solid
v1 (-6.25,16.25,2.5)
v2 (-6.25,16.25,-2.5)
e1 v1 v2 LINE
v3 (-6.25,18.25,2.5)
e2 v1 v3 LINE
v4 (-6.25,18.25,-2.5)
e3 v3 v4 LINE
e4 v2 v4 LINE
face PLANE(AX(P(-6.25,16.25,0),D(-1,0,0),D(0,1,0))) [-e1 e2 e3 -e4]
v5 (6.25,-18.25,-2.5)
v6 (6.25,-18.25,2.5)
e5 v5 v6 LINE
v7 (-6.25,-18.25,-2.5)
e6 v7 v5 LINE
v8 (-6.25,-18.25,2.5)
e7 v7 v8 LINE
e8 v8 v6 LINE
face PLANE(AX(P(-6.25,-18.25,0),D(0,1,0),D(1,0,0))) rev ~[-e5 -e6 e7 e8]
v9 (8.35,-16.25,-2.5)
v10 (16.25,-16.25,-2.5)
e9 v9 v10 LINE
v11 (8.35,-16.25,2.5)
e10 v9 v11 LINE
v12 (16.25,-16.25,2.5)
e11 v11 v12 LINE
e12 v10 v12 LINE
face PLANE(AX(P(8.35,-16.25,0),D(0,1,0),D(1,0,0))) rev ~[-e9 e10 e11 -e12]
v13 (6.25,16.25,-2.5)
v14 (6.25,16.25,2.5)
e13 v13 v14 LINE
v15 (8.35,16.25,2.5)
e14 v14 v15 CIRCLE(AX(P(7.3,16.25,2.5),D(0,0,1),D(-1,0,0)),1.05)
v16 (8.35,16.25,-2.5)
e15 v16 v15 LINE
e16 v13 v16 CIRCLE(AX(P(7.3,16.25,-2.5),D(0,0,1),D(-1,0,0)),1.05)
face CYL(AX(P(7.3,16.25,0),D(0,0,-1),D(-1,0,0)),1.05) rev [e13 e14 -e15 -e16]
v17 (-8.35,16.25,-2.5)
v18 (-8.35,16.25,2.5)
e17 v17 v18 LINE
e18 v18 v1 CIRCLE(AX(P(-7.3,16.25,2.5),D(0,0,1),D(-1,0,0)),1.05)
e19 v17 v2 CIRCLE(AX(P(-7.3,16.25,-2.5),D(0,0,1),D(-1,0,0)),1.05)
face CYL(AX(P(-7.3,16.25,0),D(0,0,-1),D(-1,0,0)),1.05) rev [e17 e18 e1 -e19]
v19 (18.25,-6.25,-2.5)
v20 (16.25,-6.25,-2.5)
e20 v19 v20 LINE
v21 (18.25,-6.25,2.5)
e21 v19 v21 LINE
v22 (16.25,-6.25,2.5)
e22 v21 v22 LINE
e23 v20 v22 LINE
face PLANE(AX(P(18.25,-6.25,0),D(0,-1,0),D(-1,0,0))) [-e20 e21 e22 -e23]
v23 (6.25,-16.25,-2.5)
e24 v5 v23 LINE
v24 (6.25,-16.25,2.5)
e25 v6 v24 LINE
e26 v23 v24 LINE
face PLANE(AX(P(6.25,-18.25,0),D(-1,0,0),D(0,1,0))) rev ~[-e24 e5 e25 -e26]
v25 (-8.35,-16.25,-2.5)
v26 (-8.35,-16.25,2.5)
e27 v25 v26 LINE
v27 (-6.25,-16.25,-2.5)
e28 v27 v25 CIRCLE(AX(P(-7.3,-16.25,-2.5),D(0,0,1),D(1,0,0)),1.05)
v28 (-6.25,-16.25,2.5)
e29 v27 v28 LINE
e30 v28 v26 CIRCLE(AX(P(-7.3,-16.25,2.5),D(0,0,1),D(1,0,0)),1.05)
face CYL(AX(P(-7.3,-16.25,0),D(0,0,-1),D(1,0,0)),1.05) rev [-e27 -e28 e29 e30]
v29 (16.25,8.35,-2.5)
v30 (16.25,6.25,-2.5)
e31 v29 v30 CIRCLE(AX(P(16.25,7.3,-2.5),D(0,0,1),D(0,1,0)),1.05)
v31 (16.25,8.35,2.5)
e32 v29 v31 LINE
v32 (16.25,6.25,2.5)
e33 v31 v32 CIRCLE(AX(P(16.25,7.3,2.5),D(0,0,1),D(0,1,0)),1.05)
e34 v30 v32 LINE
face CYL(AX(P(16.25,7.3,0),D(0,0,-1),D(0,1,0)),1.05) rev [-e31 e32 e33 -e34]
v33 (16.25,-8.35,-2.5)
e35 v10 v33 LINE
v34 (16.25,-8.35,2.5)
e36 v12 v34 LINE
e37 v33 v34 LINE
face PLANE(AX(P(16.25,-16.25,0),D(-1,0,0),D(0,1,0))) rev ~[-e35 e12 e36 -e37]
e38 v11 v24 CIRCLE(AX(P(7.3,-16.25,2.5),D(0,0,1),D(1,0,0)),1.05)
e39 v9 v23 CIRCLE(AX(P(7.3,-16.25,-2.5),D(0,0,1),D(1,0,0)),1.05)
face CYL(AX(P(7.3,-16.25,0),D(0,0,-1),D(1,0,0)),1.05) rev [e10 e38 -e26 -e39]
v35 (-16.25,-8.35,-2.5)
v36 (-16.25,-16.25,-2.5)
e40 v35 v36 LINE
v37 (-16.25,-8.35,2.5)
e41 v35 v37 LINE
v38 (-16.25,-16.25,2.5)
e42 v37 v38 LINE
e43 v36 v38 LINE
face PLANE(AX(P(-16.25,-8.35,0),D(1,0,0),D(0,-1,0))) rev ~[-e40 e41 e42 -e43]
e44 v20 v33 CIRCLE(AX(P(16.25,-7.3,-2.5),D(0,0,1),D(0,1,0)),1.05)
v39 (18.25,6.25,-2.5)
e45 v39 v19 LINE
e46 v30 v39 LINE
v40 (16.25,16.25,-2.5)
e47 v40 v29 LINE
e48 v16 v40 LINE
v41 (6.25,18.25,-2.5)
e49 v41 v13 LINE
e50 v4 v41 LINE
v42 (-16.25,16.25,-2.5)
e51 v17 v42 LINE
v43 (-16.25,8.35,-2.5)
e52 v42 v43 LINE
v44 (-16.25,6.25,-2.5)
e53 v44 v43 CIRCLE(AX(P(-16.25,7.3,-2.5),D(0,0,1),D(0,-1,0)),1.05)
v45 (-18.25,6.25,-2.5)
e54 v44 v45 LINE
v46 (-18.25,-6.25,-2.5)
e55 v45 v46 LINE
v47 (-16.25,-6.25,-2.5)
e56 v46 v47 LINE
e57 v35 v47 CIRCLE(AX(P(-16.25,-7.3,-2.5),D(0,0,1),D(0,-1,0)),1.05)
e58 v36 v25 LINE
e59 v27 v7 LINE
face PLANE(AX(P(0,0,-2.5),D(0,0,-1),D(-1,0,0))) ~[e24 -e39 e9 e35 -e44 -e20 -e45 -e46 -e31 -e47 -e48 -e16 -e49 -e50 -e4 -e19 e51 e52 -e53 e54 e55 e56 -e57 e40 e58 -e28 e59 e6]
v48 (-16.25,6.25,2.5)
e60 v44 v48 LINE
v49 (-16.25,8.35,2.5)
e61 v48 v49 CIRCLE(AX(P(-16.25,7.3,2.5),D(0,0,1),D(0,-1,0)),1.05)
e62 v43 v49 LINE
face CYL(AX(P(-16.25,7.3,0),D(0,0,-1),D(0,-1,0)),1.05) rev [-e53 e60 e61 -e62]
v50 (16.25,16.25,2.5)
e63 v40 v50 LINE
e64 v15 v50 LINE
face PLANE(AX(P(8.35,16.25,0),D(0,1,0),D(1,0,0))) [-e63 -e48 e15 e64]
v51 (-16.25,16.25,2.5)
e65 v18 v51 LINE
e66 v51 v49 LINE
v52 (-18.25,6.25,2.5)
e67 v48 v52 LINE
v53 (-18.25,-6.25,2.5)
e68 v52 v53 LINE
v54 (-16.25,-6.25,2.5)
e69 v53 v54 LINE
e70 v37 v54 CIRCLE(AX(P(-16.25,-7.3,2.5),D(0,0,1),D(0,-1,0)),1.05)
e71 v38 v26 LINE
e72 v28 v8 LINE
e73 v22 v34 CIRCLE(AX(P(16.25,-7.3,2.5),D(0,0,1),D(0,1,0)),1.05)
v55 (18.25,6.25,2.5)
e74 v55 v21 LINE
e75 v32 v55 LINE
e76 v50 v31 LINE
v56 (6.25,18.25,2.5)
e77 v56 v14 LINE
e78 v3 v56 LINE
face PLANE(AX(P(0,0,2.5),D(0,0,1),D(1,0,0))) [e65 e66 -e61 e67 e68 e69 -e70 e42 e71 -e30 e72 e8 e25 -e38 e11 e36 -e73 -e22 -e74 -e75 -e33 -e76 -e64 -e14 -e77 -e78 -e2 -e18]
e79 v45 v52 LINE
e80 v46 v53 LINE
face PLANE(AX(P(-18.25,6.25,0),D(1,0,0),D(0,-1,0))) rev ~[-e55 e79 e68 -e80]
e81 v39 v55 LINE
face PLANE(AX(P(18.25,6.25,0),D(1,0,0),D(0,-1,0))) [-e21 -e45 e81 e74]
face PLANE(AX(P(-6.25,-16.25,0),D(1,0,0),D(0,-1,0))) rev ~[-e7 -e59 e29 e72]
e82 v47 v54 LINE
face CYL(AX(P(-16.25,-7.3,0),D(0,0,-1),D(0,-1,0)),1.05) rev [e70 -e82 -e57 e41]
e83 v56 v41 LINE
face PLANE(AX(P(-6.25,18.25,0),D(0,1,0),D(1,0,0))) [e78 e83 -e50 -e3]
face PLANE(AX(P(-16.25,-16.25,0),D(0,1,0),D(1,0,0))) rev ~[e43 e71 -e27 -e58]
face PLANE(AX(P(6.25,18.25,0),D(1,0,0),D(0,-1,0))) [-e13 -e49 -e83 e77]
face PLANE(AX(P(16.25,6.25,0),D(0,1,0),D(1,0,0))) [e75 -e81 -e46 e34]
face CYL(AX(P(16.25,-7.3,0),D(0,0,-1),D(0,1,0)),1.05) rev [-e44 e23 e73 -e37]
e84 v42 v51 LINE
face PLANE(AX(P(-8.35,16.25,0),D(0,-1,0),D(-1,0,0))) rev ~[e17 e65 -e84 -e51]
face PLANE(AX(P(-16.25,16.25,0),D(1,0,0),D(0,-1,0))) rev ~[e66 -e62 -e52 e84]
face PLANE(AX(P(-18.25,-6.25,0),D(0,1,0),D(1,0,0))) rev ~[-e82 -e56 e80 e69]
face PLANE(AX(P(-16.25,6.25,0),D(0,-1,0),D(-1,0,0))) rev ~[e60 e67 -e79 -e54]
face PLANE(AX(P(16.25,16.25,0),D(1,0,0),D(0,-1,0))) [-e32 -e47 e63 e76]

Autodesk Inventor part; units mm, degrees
ref_plane "YZ Plane" through (0, 0, 0) normal (1, 0, 0) x (0, 1, 0)
ref_plane "XZ Plane" through (0, 0, 0) normal (0, 1, 0) x (-1, 0, 0)
ref_plane "XY Plane" through (0, 0, 0) normal (0, 0, 1) x (1, 0, 0)
sketch "スケッチ1" plane through (0, 0, 0) normal (0, 0, 1) x (1, 0, 0)
  line L0 (-16.25, -16.25) -> (16.25, -16.25) construction
  line L1 (16.25, -16.25) -> (16.25, 16.25) construction
  line L2 (16.25, 16.25) -> (-16.25, 16.25) construction
  line L3 (-16.25, 16.25) -> (-16.25, -16.25) construction
  line L4 (-16.25, -16.25) -> (16.25, 16.25) construction
  line L5 (16.25, -16.25) -> (-16.25, 16.25) construction
  line L6 (-8.35, 16.25) -> (-16.25, 16.25)
  line L7 (-16.25, 16.25) -> (-16.25, 8.35)
  line L8 (8.35, 16.25) -> (16.25, 16.25)
  line L9 (16.25, 16.25) -> (16.25, 8.35)
  line L10 (-16.25, -8.35) -> (-16.25, -16.25)
  line L11 (-16.25, -16.25) -> (-8.35, -16.25)
  line L12 (8.35, -16.25) -> (16.25, -16.25)
  line L13 (16.25, -16.25) -> (16.25, -8.35)
  line L14 (-6.25, 16.25) -> (-6.25, 18.25)
  line L15 (-6.25, 18.25) -> (6.25, 18.25)
  line L16 (6.25, 18.25) -> (6.25, 16.25)
  arc A0 (-8.35, 16.25) -> (-6.25, 16.25) centre (-7.3, 16.25) ccw
  arc A1 (6.25, 16.25) -> (8.35, 16.25) centre (7.3, 16.25) ccw
  line L17 (0, 16.25) -> (0, 0) construction
  line L18 (0, 0) -> (16.25, 0) construction
  line L19 (-16.25, 6.25) -> (-18.25, 6.25)
  line L20 (-18.25, 6.25) -> (-18.25, -6.25)
  line L21 (-18.25, -6.25) -> (-16.25, -6.25)
  arc A2 (-16.25, 6.25) -> (-16.25, 8.35) centre (-16.25, 7.3) ccw
  arc A3 (-16.25, -8.35) -> (-16.25, -6.25) centre (-16.25, -7.3) ccw
  line L22 (-6.25, -16.25) -> (-6.25, -18.25)
  line L23 (-6.25, -18.25) -> (6.25, -18.25)
  line L24 (6.25, -18.25) -> (6.25, -16.25)
  arc A4 (-6.25, -16.25) -> (-8.35, -16.25) centre (-7.3, -16.25) ccw
  arc A5 (8.35, -16.25) -> (6.25, -16.25) centre (7.3, -16.25) ccw
  line L25 (16.25, 6.25) -> (18.25, 6.25)
  line L26 (18.25, 6.25) -> (18.25, -6.25)
  line L27 (18.25, -6.25) -> (16.25, -6.25)
  arc A6 (16.25, 8.35) -> (16.25, 6.25) centre (16.25, 7.3) ccw
  arc A7 (16.25, -6.25) -> (16.25, -8.35) centre (16.25, -7.3) ccw
  line L28 (-12.8, 16.25) -> (-9.7, 16.25) construction
  line L29 (-9.7, 16.25) -> (-9.7, 13.25) construction
  line L30 (-9.7, 13.25) -> (-12.8, 13.25) construction
  line L31 (-12.8, 13.25) -> (-12.8, 16.25) construction
  line L32 (-16.25, 12.8) -> (-13.25, 12.8) construction
  line L33 (-13.25, 12.8) -> (-13.25, 9.7) construction
  line L34 (-13.25, 9.7) -> (-16.25, 9.7) construction
  line L35 (-16.25, 9.7) -> (-16.25, 12.8) construction
  line L36 (-10.1287, 12.25) -> (10.1287, 12.25)
  line L37 (10.1287, 12.25) -> (0, 2.1213)
  line L38 (0, 2.1213) -> (-10.1287, 12.25)
  line L39 (-12.25, 10.1287) -> (-12.25, -10.1287)
  line L40 (-12.25, -10.1287) -> (-2.1213, 0)
  line L41 (-2.1213, 0) -> (-12.25, 10.1287)
  line L42 (-10.1287, -12.25) -> (10.1287, -12.25)
  line L43 (10.1287, -12.25) -> (0, -2.1213)
  line L44 (0, -2.1213) -> (-10.1287, -12.25)
  line L45 (12.25, 10.1287) -> (12.25, -10.1287)
  line L46 (12.25, -10.1287) -> (2.1213, 0)
  line L47 (2.1213, 0) -> (12.25, 10.1287)
  line L48 (-11.25, 16.25) -> (-11.25, 13.25) construction
  line L49 (-13.25, 11.25) -> (-16.25, 11.25) construction
  dimension "d0" = 32.5
  dimension "d1" = 1.05
  dimension "d2" = 2
  dimension "d3" = 10
  dimension "d4" = 3.1
  dimension "d6" = 3
  dimension "d8" = 3
  dimension "d9" = 3
  dimension "d10" = 3
  dimension "d11" = 3
  dimension "d12" = 3
  dimension "d13" = 4
  dimension "d17" = 5
  dimension "d18" = 5
extrude "押し出し1" add sketch "スケッチ1" along normal blind 2.5 contours A0 L14 L15 L16 A1 L8 L9 A6 L25 L26 L27 A7 L13 L12 A5 L24 L23 L22 A4 L11 L10 A3 L21 L20 L19 A2 L7 L6 | L36 L37 L38 | L41 L40 L39 | L44 L43 L42 | L45 L46 L47
mirror "ミラー1" about plane through (0, 0, 0) normal (0, 0, -1) of "押し出し1"
fillet "フィレット1" [suppressed]
equation "\"d8\" = d6"
equation "\"d10\" = d9"
equation "\"d11\" = d10"
equation "\"d12\" = d11"
equation "\"d18\" = d17"
properties part number "上腕_メインフレーム_1_1" material "アセタール樹脂、黒"
